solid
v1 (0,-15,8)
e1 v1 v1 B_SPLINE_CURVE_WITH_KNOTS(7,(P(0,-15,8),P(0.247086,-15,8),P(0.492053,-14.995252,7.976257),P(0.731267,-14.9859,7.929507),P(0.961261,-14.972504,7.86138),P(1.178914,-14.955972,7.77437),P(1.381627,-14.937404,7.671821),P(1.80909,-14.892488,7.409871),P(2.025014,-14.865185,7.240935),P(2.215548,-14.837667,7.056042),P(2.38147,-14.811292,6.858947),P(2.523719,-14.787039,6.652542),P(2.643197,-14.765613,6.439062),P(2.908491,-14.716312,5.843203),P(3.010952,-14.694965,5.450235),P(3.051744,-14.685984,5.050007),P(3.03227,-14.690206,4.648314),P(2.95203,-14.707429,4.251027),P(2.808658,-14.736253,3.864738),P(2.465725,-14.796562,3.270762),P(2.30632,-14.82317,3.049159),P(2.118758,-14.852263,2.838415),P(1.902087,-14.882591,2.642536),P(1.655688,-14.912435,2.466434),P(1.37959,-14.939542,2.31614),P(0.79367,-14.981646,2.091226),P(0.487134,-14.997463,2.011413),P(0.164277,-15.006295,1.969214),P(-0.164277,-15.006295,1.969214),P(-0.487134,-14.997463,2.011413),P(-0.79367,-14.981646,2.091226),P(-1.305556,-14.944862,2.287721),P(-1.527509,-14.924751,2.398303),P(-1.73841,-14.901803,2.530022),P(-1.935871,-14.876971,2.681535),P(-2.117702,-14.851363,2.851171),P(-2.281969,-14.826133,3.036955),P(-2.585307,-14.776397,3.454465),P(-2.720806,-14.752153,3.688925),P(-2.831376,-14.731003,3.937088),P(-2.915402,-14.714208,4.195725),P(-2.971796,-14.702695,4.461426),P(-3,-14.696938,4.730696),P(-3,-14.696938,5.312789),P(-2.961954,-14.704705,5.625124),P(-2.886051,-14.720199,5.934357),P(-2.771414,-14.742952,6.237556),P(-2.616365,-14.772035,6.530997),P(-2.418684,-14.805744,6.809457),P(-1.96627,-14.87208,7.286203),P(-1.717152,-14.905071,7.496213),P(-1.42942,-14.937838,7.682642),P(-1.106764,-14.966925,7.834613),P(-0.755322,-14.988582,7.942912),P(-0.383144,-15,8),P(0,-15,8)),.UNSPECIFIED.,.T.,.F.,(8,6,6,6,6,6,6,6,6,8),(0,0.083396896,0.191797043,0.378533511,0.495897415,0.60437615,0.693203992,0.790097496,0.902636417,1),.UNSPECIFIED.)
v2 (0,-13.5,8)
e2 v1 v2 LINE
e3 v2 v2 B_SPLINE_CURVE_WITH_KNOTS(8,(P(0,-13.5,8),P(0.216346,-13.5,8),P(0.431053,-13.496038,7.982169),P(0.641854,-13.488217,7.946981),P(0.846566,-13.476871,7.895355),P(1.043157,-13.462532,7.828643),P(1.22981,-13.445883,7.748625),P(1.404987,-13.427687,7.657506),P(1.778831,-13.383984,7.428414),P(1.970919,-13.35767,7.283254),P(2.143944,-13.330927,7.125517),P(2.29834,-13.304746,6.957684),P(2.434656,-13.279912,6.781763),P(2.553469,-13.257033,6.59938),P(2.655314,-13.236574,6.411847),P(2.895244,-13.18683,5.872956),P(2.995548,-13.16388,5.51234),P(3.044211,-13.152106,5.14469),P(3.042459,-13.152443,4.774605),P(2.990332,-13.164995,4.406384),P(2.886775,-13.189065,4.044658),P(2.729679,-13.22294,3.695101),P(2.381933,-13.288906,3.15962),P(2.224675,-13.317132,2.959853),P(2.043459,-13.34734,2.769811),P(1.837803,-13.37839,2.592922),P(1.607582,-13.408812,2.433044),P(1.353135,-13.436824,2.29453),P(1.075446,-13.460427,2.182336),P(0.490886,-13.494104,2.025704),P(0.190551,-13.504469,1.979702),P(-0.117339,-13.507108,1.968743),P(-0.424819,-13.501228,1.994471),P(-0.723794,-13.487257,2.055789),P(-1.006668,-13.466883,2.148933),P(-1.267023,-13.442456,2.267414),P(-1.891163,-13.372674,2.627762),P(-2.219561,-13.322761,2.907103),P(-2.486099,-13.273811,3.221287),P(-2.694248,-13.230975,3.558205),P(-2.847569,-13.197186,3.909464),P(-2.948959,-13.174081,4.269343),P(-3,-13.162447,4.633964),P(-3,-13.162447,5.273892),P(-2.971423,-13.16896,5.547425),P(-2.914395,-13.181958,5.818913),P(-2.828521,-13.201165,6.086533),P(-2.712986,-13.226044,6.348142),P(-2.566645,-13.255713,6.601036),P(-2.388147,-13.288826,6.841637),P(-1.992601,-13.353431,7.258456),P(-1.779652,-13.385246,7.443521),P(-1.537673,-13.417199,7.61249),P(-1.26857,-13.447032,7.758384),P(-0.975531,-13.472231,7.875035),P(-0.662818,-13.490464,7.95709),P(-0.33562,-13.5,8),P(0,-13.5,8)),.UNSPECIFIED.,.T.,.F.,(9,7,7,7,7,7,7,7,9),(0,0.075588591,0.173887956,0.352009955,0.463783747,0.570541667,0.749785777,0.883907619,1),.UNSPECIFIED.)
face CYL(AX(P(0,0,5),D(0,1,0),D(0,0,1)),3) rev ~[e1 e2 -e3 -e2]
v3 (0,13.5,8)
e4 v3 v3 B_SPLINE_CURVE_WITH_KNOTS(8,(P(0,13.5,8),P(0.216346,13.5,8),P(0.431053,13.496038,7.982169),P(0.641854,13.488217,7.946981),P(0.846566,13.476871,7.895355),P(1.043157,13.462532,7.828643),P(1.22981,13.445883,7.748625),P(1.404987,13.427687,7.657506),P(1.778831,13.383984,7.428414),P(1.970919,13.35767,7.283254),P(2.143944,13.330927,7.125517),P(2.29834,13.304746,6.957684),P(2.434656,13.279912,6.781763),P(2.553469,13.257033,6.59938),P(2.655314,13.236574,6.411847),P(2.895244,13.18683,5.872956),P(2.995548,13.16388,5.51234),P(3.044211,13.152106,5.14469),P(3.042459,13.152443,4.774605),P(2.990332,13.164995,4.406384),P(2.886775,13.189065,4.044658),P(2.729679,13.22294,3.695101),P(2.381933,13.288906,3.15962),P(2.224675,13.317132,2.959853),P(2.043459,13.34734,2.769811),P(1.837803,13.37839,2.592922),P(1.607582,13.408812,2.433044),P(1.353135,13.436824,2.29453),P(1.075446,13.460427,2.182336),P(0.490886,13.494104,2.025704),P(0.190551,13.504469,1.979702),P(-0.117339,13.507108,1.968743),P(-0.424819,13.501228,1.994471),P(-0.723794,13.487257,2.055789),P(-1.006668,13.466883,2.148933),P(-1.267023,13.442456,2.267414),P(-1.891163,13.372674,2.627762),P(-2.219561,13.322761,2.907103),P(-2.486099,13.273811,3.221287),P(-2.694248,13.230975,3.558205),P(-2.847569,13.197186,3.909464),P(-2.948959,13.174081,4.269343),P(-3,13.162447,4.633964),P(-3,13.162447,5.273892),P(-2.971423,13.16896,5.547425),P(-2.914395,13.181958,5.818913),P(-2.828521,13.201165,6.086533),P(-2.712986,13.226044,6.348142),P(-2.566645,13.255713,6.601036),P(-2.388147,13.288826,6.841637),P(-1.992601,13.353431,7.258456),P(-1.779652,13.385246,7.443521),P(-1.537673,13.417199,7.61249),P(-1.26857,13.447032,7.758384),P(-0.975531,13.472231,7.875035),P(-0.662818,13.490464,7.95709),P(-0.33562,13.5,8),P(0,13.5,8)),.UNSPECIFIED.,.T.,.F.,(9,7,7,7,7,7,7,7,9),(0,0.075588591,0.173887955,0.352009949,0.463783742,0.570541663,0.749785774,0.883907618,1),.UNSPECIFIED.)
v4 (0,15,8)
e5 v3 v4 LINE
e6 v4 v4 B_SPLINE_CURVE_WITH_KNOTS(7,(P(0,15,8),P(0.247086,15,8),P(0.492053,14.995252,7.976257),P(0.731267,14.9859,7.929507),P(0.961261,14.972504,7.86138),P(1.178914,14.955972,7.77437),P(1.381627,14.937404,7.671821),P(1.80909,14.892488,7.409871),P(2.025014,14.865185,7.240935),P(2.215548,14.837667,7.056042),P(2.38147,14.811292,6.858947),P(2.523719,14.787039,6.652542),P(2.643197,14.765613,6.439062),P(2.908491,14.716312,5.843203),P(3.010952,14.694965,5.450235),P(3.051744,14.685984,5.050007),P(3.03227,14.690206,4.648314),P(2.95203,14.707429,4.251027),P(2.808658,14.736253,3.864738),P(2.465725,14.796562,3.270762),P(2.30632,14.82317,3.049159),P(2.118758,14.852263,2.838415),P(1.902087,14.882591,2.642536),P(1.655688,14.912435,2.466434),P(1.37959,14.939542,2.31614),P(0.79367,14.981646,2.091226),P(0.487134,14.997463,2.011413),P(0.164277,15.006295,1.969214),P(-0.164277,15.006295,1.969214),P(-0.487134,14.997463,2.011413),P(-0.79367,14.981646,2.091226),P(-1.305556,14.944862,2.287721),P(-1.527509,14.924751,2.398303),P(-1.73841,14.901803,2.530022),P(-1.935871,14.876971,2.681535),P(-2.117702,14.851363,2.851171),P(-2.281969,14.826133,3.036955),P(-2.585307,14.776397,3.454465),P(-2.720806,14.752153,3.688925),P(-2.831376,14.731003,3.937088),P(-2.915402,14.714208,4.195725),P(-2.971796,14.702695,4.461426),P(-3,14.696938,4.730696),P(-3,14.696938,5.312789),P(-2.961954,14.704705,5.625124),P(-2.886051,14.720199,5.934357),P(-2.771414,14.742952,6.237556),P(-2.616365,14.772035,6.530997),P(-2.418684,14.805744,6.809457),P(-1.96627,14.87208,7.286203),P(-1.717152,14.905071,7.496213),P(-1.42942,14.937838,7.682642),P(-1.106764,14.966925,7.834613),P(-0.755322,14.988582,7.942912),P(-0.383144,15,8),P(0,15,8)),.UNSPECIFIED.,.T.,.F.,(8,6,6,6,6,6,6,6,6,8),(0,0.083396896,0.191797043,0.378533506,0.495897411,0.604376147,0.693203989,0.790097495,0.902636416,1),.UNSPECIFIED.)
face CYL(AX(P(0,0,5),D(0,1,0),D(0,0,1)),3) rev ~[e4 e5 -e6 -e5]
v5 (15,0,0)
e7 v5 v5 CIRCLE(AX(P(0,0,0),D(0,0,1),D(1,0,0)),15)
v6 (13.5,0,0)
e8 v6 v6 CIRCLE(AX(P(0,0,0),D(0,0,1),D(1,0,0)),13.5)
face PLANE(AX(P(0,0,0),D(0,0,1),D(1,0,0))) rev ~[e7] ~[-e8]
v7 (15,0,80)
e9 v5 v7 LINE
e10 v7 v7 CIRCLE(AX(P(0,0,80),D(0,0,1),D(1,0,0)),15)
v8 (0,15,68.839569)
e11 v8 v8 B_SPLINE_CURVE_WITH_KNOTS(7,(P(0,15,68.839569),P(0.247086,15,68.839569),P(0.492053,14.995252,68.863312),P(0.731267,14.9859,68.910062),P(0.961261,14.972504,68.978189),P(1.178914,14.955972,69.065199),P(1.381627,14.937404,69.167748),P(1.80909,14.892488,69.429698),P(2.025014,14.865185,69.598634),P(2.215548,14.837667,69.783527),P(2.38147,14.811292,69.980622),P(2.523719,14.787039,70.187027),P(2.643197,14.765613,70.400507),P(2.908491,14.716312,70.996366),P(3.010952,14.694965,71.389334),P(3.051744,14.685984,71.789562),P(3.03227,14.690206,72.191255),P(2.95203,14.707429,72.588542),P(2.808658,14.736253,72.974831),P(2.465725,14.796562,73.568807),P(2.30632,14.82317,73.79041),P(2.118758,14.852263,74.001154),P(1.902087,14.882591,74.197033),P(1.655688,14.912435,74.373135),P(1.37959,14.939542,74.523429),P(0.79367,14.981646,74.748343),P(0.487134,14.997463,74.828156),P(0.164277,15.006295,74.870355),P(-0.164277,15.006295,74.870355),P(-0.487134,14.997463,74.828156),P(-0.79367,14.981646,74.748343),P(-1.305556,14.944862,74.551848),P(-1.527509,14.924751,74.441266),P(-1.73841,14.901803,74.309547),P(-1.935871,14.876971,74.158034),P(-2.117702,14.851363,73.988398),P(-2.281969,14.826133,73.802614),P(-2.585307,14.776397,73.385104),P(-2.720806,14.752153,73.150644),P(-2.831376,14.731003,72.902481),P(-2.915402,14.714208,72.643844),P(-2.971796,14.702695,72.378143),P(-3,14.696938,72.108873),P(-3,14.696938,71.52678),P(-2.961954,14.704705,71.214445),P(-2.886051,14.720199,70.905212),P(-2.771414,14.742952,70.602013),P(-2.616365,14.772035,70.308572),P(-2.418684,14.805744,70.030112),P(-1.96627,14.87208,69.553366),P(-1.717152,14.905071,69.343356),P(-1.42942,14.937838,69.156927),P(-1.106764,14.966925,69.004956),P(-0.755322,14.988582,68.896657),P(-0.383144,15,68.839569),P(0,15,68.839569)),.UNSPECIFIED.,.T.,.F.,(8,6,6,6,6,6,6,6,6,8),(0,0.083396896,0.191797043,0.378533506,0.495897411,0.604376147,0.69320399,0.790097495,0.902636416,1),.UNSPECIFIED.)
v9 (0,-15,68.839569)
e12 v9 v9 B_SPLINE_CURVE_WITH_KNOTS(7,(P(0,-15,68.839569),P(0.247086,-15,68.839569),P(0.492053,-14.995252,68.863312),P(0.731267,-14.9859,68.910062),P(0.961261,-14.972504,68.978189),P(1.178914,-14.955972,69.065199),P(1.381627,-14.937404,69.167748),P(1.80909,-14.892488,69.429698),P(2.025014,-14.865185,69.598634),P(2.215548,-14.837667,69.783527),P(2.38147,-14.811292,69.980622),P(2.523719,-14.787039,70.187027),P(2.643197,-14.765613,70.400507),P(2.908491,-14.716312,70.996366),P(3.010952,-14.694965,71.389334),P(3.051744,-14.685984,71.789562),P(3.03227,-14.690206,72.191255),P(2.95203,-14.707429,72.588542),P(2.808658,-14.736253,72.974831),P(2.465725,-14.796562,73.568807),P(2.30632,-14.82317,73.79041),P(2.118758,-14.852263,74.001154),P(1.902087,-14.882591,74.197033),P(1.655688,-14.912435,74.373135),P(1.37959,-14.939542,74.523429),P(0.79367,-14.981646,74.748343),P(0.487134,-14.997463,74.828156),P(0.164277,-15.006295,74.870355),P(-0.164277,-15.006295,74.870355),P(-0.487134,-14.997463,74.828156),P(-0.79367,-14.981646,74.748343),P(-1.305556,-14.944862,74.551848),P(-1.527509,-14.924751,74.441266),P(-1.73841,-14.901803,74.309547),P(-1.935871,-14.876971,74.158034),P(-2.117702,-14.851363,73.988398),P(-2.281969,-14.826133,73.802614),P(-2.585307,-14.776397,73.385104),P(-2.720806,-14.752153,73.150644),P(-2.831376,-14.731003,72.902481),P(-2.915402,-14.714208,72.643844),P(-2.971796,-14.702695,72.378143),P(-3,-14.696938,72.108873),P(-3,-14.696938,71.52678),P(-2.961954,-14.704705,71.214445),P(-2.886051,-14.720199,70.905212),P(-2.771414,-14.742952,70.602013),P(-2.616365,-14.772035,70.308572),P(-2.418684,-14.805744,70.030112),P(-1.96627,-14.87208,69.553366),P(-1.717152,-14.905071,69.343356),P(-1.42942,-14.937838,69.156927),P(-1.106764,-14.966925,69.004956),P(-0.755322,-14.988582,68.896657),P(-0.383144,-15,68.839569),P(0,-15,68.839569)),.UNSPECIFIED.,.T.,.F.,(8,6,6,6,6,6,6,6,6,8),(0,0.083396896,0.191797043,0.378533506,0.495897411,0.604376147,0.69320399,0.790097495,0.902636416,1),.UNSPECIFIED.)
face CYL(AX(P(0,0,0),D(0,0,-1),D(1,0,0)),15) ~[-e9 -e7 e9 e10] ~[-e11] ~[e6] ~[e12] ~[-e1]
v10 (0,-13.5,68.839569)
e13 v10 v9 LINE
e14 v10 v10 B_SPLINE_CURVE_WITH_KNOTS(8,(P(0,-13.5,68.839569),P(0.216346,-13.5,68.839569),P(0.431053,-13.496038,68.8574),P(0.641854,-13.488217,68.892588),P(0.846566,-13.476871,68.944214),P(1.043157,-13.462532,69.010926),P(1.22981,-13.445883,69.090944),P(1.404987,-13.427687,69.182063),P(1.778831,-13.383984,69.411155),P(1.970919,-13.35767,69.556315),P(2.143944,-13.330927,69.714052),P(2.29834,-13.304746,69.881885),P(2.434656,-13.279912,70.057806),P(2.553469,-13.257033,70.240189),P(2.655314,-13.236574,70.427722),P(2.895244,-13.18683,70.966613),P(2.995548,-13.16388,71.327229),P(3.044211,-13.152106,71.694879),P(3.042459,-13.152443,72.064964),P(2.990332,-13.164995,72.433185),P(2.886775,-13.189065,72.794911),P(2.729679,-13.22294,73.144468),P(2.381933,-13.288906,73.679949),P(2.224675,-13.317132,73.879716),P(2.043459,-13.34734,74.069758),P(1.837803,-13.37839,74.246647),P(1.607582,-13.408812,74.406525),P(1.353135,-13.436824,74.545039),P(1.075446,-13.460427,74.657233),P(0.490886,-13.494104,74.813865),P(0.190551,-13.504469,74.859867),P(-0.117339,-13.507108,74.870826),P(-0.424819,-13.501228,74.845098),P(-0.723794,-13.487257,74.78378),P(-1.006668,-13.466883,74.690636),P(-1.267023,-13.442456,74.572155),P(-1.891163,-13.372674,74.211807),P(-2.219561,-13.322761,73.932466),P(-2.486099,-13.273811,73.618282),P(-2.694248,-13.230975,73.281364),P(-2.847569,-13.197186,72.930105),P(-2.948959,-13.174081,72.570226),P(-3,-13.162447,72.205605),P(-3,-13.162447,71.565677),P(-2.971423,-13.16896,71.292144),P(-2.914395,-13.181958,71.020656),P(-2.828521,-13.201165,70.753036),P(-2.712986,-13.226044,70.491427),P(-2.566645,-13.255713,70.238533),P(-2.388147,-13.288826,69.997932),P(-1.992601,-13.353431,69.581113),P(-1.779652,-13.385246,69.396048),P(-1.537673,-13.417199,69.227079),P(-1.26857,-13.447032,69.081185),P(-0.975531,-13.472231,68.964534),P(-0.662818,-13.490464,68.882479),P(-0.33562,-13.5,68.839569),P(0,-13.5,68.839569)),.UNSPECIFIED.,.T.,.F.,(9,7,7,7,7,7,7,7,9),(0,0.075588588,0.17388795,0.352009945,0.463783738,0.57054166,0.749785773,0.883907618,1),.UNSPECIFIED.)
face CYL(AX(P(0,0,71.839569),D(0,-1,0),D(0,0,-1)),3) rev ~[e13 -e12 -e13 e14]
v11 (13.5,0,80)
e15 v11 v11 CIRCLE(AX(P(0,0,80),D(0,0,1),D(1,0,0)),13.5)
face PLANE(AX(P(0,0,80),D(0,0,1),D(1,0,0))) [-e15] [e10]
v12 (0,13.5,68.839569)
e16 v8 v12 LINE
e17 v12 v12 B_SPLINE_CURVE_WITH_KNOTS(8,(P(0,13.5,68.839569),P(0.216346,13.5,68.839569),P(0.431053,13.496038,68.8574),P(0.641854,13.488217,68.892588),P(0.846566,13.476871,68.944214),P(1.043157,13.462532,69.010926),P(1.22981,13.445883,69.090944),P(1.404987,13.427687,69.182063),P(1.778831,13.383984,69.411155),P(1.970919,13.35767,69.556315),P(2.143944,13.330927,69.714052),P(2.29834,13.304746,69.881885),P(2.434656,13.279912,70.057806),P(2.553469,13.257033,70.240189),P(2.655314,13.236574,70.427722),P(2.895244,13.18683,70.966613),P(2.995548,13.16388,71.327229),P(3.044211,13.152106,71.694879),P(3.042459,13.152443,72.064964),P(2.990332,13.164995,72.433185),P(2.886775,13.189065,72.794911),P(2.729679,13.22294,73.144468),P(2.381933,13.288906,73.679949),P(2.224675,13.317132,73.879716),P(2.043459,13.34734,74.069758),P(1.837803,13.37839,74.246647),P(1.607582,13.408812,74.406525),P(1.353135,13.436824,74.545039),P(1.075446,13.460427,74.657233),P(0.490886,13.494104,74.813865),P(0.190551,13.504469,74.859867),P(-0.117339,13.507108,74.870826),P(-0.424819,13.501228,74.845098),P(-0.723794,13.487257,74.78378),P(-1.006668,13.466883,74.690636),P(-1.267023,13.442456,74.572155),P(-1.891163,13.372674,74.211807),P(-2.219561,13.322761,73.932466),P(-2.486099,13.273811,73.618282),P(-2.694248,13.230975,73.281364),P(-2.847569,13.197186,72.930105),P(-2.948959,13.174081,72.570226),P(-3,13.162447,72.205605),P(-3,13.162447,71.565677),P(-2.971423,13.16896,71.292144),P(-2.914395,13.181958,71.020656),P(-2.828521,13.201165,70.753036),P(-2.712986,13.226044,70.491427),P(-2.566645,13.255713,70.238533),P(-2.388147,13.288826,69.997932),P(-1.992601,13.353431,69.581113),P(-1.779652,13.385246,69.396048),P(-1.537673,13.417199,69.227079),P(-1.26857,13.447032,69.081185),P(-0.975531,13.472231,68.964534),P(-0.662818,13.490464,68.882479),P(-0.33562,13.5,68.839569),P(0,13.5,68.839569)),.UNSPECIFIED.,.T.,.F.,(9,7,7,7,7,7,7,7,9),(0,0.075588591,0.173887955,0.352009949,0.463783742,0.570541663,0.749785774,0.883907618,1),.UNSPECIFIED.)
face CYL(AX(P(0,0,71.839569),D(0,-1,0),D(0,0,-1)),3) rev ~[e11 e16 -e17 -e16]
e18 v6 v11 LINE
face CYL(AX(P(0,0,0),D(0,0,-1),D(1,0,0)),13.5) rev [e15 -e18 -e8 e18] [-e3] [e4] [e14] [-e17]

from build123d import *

# Parameters (mm, degrees)
SKETCH1_R           = 15
SKETCH1_R_2         = 13.5
BOSS_EXTRUDE1_DEPTH = 80
SKETCH2_R           = 3
CUT_EXTRUDE1_DEPTH  = 33
SKETCH3_R           = 3
CUT_EXTRUDE2_DEPTH  = 33


with BuildPart() as part:
    # Sketch1 → Boss-Extrude1 (new body)
    with BuildSketch(Plane.XY):
        Circle(SKETCH1_R)
        Circle(SKETCH1_R_2, mode=Mode.SUBTRACT)
    extrude(amount=BOSS_EXTRUDE1_DEPTH)

    # Sketch2 → Cut-Extrude1 (cut, symmetric)
    with BuildSketch(Plane(origin=(0, 0, 0), x_dir=(1, 0, 0), z_dir=(0, 1, 0))):
        with Locations(Location((0, -5, 0), (0, 0, 270))):
            Circle(SKETCH2_R)
    extrude(amount=CUT_EXTRUDE1_DEPTH, both=True, mode=Mode.SUBTRACT)

    # Sketch3 → Cut-Extrude2 (cut, symmetric)
    with BuildSketch(Plane.XZ):
        with Locations(Location((0, 71.839569, 0), (0, 0, 270))):
            Circle(SKETCH3_R)
    extrude(amount=CUT_EXTRUDE2_DEPTH, both=True, mode=Mode.SUBTRACT)


solid = part.part
